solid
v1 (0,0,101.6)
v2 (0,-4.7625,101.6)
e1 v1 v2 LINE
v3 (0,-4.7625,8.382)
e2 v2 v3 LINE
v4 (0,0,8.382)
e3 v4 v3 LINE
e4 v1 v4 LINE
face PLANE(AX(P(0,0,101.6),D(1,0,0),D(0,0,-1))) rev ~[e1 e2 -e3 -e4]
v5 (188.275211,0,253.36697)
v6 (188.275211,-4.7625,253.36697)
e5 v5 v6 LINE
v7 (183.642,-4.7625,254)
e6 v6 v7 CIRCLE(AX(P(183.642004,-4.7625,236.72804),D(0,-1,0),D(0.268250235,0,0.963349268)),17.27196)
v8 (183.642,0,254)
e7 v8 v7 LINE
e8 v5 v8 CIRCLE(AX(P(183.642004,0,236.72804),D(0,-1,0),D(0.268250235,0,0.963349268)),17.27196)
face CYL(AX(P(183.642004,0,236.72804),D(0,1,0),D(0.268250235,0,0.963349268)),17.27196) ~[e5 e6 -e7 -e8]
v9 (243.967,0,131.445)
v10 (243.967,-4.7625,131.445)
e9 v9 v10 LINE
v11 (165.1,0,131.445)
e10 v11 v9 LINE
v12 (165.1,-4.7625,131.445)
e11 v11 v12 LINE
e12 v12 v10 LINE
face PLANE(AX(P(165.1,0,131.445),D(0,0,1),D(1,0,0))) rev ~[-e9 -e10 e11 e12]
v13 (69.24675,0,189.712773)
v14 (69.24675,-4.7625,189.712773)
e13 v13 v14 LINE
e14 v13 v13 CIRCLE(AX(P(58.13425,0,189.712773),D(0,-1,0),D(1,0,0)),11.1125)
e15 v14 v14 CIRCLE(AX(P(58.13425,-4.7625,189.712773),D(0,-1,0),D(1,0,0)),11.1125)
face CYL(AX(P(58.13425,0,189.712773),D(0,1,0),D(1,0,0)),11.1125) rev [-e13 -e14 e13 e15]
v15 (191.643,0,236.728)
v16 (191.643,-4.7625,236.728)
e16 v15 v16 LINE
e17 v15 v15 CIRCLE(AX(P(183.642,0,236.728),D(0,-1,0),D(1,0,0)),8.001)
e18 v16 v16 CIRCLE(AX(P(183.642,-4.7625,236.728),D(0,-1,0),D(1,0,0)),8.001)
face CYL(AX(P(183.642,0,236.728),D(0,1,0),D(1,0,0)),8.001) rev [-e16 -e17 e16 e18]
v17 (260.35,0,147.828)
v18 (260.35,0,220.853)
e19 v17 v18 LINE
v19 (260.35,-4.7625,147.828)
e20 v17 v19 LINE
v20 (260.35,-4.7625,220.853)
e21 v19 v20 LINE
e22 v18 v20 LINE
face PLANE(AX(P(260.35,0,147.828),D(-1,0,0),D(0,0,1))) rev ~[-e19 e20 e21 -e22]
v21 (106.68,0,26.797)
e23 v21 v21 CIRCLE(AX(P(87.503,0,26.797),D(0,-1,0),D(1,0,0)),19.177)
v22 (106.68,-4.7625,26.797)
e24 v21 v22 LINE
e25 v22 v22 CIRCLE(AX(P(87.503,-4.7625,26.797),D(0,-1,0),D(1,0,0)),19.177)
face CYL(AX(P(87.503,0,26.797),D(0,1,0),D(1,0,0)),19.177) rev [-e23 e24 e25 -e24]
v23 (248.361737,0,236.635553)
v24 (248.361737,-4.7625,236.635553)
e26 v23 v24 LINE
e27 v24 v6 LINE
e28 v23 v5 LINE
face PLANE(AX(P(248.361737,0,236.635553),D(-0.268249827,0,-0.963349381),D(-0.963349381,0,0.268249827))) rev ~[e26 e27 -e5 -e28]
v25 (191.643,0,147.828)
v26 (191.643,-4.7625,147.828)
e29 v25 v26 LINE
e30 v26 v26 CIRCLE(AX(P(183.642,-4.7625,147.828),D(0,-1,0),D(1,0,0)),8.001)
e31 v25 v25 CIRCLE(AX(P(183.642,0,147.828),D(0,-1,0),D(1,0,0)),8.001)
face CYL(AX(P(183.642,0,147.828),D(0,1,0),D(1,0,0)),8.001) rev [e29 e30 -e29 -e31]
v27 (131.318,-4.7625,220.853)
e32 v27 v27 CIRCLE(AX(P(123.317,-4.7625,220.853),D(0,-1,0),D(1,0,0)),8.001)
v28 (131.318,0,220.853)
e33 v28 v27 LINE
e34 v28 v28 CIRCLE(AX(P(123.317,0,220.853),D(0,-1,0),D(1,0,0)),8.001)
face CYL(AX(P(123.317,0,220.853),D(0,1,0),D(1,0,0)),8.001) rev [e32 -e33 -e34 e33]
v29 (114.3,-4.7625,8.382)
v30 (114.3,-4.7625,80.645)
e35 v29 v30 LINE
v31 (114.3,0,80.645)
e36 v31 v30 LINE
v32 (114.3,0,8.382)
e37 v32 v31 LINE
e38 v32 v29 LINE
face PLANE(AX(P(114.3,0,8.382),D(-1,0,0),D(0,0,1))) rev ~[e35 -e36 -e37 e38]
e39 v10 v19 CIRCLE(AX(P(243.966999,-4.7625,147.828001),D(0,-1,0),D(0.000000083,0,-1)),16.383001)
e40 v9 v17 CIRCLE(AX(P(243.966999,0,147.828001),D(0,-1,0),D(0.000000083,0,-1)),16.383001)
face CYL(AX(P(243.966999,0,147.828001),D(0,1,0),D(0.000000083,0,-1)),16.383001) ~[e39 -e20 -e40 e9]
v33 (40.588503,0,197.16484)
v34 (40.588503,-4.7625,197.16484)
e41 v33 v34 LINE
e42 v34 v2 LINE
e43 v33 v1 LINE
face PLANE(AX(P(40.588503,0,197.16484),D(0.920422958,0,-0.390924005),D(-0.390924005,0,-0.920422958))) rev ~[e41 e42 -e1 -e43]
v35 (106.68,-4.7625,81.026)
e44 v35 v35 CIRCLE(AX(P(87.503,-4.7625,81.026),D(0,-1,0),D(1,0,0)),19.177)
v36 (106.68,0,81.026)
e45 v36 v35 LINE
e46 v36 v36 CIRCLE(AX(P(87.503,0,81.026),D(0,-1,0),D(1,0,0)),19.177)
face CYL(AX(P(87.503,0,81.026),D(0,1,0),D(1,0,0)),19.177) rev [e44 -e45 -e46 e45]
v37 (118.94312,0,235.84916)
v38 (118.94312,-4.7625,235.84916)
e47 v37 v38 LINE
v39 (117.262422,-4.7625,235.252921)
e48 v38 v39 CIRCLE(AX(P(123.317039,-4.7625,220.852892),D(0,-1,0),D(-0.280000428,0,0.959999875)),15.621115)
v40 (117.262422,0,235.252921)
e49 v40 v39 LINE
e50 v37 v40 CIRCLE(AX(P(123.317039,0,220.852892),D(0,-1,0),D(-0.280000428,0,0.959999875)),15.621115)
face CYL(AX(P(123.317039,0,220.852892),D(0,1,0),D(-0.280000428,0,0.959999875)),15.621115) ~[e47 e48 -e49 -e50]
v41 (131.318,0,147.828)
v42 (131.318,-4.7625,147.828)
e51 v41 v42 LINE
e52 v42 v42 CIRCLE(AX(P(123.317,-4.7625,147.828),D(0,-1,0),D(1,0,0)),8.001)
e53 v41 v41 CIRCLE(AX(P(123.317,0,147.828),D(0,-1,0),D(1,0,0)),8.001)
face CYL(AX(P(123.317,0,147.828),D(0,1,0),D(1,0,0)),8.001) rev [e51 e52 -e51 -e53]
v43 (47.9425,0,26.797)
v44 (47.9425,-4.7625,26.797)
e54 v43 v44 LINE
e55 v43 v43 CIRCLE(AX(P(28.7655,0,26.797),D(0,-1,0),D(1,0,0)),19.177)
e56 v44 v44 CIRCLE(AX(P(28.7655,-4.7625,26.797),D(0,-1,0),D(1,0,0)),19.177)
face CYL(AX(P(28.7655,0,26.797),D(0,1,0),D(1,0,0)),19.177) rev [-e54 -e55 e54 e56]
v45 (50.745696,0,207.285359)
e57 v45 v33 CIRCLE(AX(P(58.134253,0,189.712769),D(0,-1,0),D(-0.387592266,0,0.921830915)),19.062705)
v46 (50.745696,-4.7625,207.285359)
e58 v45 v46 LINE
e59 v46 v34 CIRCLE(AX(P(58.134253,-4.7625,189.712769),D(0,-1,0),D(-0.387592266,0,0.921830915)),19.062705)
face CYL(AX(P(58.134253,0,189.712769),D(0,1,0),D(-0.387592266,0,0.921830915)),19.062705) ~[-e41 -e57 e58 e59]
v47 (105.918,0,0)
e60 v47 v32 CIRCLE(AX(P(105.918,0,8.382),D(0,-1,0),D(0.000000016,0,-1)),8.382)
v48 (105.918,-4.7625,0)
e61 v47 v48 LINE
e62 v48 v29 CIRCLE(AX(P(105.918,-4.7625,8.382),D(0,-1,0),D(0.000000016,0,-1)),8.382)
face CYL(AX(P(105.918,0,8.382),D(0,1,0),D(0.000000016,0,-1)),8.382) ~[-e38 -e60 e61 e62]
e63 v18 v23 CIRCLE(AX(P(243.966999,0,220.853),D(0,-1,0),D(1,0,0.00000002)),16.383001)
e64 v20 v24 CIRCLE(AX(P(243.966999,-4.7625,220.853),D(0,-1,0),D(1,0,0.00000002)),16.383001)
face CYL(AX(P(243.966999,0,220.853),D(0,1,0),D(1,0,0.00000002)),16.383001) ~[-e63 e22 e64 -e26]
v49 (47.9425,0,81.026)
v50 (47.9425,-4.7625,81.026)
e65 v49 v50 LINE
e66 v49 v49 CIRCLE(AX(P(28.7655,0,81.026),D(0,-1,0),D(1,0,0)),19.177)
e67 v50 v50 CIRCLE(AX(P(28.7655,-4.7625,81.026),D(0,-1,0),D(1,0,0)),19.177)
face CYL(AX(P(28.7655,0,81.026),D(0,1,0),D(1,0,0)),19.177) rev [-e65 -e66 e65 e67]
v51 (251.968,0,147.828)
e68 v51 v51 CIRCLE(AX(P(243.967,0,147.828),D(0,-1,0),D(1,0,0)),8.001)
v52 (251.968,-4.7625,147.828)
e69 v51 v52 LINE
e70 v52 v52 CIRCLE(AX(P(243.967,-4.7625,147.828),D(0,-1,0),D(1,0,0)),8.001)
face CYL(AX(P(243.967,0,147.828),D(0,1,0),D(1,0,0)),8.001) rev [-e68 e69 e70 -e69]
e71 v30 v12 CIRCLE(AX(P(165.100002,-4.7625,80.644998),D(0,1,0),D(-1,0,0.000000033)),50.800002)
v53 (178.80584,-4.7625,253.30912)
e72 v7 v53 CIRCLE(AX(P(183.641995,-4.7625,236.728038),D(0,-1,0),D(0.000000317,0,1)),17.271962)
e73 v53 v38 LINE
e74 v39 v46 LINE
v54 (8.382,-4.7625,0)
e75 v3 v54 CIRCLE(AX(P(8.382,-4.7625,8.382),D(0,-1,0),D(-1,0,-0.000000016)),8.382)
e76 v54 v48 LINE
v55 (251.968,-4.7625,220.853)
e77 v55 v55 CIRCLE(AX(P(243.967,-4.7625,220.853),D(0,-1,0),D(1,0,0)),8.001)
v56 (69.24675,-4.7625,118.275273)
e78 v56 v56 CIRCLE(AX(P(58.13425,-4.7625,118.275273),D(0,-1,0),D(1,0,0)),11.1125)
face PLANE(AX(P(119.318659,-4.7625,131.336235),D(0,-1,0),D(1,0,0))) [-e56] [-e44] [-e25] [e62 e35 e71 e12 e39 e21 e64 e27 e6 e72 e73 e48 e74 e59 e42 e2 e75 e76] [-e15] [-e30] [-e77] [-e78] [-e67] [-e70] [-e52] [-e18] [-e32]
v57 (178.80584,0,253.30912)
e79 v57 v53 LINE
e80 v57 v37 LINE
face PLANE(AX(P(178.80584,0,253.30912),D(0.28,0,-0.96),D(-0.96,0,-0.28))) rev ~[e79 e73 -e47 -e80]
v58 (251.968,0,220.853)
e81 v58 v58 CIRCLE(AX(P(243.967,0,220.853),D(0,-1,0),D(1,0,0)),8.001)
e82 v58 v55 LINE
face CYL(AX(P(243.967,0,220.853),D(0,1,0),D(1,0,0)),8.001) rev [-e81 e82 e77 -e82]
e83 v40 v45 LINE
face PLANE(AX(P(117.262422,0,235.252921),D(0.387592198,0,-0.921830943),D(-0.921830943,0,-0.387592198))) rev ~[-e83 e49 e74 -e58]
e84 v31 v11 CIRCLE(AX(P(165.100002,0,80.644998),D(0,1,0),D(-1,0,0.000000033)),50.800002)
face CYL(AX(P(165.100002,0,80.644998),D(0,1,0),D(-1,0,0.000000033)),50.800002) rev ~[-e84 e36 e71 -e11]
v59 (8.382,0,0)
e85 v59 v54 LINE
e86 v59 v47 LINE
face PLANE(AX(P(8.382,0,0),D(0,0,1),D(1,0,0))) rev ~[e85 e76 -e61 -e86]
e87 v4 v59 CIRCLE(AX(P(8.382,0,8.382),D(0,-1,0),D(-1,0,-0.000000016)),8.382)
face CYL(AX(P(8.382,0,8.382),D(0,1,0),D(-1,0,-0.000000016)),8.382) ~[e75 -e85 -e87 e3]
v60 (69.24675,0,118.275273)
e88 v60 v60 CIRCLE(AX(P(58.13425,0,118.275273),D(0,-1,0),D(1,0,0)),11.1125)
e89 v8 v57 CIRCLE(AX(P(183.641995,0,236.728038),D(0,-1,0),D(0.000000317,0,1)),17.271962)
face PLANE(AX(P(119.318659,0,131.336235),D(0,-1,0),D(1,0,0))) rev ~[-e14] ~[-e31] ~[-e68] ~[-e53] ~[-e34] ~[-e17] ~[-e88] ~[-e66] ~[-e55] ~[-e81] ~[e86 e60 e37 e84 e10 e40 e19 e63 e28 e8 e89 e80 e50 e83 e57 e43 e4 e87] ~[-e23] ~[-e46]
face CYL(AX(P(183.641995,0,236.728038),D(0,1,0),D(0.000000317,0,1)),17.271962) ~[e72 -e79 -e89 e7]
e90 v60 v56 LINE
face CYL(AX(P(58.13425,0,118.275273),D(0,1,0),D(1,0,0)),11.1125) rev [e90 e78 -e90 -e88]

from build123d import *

# Parameters (mm, degrees)
F0_R     = 19.177
F0_R_2   = 11.1125
F0_R_3   = 8.001
F1_DEPTH = 4.7625


with BuildPart() as f1:
    # F0 (on Front) → F1 (new body)
    with BuildSketch(Plane.XZ):
        with BuildLine():
            ThreePointArc((0, 8.382), (2.455031, 2.455031), (8.382, 0))
            Line((8.382, 0), (105.918, 0))
            ThreePointArc((105.918, 0), (111.844969, 2.455031), (114.3, 8.382))
            Line((114.3, 8.382), (114.3, 80.645))
            ThreePointArc((114.3, 80.645), (129.178976, 116.566024), (165.1, 131.445))
            Line((165.1, 131.445), (243.967, 131.445))
            ThreePointArc((243.967, 131.445), (255.55153, 136.24347), (260.35, 147.828))
            Line((260.35, 147.828), (260.35, 220.853))
            ThreePointArc((260.35, 220.853), (257.013104, 230.762685), (248.361737, 236.635553))
            Line((248.361737, 236.635553), (188.275211, 253.36697))
            ThreePointArc((188.275211, 253.36697), (185.980128, 253.841011), (183.642, 254))
            ThreePointArc((183.642, 254), (181.19937, 253.826408), (178.80584, 253.30912))
            Line((178.80584, 253.30912), (118.94312, 235.84916))
            ThreePointArc((118.94312, 235.84916), (118.094256, 235.575044), (117.262422, 235.252921))
            Line((117.262422, 235.252921), (50.745696, 207.285359))
            ThreePointArc((50.745696, 207.285359), (44.679286, 203.216493), (40.588503, 197.16484))
            Line((40.588503, 197.16484), (0, 101.6))
            Line((0, 101.6), (0, 8.382))
        make_face()
        with Locations((28.7655, 26.797)):
            Circle(F0_R, mode=Mode.SUBTRACT)
        with Locations((87.503, 26.797)):
            Circle(F0_R, mode=Mode.SUBTRACT)
        with Locations((28.7655, 81.026)):
            Circle(F0_R, mode=Mode.SUBTRACT)
        with Locations((58.13425, 118.275273)):
            Circle(F0_R_2, mode=Mode.SUBTRACT)
        with Locations((87.503, 81.026)):
            Circle(F0_R, mode=Mode.SUBTRACT)
        with Locations((58.13425, 189.712773)):
            Circle(F0_R_2, mode=Mode.SUBTRACT)
        with Locations((123.317, 147.828)):
            Circle(F0_R_3, mode=Mode.SUBTRACT)
        with Locations((123.317, 220.853)):
            Circle(F0_R_3, mode=Mode.SUBTRACT)
        with Locations((183.642, 147.828)):
            Circle(F0_R_3, mode=Mode.SUBTRACT)
        with Locations((243.967, 147.828)):
            Circle(F0_R_3, mode=Mode.SUBTRACT)
        with Locations((183.642, 236.728)):
            Circle(F0_R_3, mode=Mode.SUBTRACT)
        with Locations((243.967, 220.853)):
            Circle(F0_R_3, mode=Mode.SUBTRACT)
    extrude(amount=F1_DEPTH)


solid = f1.part
